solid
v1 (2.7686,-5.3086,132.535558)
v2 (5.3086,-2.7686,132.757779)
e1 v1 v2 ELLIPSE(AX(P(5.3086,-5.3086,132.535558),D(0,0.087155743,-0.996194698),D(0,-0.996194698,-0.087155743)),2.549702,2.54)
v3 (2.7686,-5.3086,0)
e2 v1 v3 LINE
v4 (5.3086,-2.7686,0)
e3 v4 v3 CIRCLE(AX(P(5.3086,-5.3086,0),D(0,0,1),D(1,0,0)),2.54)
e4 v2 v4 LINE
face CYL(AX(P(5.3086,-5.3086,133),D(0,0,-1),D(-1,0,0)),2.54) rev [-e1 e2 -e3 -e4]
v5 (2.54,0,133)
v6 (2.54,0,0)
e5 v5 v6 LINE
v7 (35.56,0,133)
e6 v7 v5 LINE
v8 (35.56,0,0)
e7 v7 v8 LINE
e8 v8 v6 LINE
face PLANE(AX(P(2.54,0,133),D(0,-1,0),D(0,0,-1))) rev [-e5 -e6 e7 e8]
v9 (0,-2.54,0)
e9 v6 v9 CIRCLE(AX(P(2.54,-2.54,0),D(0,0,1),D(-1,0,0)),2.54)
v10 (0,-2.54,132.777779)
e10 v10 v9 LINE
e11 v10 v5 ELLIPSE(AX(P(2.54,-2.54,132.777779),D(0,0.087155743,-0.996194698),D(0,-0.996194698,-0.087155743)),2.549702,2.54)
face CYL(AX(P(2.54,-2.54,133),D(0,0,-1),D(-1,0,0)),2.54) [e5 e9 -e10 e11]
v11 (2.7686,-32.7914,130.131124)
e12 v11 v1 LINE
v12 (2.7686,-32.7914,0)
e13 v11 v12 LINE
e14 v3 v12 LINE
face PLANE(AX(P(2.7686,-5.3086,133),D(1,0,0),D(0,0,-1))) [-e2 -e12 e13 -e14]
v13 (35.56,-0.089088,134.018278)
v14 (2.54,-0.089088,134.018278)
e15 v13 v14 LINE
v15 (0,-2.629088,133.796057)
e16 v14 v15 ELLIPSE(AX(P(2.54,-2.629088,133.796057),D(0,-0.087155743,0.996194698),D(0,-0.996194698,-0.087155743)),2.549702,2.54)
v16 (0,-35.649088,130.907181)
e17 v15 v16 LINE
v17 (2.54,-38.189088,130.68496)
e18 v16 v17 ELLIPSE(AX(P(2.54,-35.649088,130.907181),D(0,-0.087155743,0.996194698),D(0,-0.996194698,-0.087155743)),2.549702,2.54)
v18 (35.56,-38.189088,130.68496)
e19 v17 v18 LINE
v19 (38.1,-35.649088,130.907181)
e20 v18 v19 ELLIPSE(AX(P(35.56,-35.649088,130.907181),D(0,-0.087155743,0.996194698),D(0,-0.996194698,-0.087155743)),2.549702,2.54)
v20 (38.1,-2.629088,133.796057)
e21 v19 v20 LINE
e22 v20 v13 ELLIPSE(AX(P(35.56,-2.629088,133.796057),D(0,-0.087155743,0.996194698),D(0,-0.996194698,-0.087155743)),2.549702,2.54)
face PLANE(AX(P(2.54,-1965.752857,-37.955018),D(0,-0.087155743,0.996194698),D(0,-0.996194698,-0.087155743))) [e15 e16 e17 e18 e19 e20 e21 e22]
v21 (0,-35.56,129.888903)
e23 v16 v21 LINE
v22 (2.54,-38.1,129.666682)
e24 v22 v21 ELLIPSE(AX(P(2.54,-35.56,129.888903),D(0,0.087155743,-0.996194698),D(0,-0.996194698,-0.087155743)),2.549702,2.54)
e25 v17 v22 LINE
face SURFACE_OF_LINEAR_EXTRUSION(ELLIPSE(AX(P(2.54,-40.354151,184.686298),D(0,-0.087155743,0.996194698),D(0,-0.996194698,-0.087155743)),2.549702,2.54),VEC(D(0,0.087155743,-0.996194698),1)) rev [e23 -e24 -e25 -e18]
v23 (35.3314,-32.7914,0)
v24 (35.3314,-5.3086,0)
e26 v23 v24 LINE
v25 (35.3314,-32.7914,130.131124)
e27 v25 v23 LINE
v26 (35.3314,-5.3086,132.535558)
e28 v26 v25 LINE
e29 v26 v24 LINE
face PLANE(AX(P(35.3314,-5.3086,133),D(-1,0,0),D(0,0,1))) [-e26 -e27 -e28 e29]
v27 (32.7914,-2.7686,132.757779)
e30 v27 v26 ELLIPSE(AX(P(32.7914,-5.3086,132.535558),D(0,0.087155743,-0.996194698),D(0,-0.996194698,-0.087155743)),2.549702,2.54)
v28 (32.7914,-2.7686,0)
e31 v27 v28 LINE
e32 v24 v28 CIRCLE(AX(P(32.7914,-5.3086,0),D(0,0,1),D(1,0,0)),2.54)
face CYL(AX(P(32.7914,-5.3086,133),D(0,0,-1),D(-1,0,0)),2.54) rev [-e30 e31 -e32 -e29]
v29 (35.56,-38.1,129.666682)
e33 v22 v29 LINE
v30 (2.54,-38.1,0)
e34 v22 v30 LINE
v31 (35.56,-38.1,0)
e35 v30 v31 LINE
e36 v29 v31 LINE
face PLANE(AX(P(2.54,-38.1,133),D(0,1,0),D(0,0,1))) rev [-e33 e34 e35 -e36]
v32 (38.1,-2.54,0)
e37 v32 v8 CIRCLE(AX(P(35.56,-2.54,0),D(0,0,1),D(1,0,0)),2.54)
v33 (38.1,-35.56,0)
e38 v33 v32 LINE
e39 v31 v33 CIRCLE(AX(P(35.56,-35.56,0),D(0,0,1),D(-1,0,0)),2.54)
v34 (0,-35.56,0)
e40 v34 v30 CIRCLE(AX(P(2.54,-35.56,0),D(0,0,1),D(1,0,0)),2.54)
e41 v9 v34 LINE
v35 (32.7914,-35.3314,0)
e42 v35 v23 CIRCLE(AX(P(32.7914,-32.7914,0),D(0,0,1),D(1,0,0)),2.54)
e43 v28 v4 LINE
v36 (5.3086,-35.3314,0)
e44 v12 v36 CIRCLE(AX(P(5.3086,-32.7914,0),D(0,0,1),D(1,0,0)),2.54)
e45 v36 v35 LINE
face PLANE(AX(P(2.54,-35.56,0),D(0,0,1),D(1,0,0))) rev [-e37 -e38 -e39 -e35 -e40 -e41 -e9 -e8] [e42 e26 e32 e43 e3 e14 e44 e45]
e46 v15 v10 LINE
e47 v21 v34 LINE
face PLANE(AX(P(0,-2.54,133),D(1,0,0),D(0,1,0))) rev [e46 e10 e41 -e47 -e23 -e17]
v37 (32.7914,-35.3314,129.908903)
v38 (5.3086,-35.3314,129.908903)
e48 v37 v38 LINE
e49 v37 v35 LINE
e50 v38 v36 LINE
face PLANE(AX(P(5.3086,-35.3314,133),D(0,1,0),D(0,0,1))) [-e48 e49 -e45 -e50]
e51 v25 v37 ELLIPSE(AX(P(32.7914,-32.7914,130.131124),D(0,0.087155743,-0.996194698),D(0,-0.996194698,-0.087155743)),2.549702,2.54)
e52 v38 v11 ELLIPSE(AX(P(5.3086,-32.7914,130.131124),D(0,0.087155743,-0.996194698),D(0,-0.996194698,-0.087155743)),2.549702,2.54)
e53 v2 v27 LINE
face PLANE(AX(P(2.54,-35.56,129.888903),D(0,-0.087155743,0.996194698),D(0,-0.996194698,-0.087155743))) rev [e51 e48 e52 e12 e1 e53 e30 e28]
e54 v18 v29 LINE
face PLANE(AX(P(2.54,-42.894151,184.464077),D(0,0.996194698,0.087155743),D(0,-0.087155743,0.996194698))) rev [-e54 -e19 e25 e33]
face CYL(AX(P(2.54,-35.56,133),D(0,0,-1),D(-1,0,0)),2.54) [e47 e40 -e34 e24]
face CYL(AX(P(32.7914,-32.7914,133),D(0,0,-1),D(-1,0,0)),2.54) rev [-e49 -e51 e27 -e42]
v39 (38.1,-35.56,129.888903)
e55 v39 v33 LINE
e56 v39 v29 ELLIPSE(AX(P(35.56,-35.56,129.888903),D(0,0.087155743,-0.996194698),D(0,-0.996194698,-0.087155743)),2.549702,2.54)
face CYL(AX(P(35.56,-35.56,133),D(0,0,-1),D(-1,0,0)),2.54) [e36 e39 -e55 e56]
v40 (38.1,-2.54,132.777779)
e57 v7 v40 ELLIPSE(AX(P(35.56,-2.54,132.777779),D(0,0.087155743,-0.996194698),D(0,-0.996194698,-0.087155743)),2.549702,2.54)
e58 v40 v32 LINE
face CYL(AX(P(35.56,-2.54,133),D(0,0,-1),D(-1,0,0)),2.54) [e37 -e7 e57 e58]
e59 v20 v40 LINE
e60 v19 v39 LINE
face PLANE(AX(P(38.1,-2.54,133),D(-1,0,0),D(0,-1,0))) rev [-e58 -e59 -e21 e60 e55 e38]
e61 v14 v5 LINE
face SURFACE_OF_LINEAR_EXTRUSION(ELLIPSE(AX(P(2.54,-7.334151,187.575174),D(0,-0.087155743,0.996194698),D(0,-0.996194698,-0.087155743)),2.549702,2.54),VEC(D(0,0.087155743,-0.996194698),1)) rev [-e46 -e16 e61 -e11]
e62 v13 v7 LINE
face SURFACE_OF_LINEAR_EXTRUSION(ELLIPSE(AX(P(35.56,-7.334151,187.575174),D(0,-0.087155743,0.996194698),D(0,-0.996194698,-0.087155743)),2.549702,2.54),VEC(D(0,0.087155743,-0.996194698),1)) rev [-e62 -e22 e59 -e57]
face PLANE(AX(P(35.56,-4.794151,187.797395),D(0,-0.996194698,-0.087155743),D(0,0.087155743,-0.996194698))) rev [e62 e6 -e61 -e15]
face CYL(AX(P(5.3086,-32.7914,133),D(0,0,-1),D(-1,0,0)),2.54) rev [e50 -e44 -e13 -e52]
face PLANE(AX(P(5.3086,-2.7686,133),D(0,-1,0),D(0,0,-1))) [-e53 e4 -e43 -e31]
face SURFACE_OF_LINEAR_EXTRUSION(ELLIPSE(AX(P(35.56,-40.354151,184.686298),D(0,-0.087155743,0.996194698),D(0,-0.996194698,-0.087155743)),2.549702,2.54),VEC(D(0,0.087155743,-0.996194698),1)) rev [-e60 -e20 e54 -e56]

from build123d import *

# Parameters (mm, degrees)
BOSS_EXTRUDE1_DEPTH = 133
CUT_EXTRUDE1_DEPTH  = 144.49989547
BOSS_EXTRUDE2_DEPTH = 1.022167739


with BuildPart() as part:
    # Sketch1 → Boss-Extrude1 (new body)
    with BuildSketch(Plane.XY):
        with BuildLine():
            Line((2.54, 0), (35.56, 0))
            ThreePointArc((35.56, 0), (37.356051224, -0.743948776), (38.1, -2.54))
            Line((38.1, -2.54), (38.1, -35.56))
            ThreePointArc((38.1, -35.56), (37.356051224, -37.356051224), (35.56, -38.1))
            Line((35.56, -38.1), (2.54, -38.1))
            ThreePointArc((2.54, -38.1), (0.743948776, -37.356051224), (0, -35.56))
            Line((0, -35.56), (0, -2.54))
            ThreePointArc((0, -2.54), (0.743948776, -0.743948776), (2.54, 0))
        make_face()
        with BuildLine():
            Line((5.3086, -2.7686), (32.7914, -2.7686))
            ThreePointArc((32.7914, -2.7686), (34.587451224, -3.512548776), (35.3314, -5.3086))
            Line((35.3314, -5.3086), (35.3314, -32.7914))
            ThreePointArc((35.3314, -32.7914), (34.587451224, -34.587451224), (32.7914, -35.3314))
            Line((32.7914, -35.3314), (5.3086, -35.3314))
            ThreePointArc((5.3086, -35.3314), (3.512548776, -34.587451224), (2.7686, -32.7914))
            Line((2.7686, -32.7914), (2.7686, -5.3086))
            ThreePointArc((2.7686, -5.3086), (3.512548776, -3.512548776), (5.3086, -2.7686))
        make_face(mode=Mode.SUBTRACT)
    extrude(amount=BOSS_EXTRUDE1_DEPTH)

    # Sketch2 → Cut-Extrude1 (cut, through all)
    with BuildSketch(Plane(origin=(38.1, 0, 0), x_dir=(0, 0, -1), z_dir=(1, 0, 0))):
        Polygon((-133, 0), (-129.66668192, -38.1), (-133, -38.1), align=None)
    extrude(amount=-CUT_EXTRUDE1_DEPTH, mode=Mode.SUBTRACT)

    # Sketch3 → Boss-Extrude2 (add)
    with BuildSketch(Plane(origin=(0, -11.547603815, 131.989715575), x_dir=(1, 0, 0), z_dir=(0, -0.08715574274765185, 0.9961946980917462))):
        with BuildLine():
            Line((2.54, -26.653822025), (35.56, -26.653822025))
            add(Edge.make_bspline(
                [(35.56, -26.653822025), (38.1, -26.653822025), (38.1, -24.104119638)],
                knots=[0, 0, 0, 1.570796327, 1.570796327, 1.570796327], degree=2, weights=[1, 0.707106781, 1]))
            Line((38.1, -24.104119638), (38.1, 9.042011398))
            add(Edge.make_bspline(
                [(38.1, 9.042011398), (38.1, 11.591713785), (35.56, 11.591713785)],
                knots=[1.570796327, 1.570796327, 1.570796327, 3.141592654, 3.141592654, 3.141592654], degree=2, weights=[1, 0.707106781, 1]))
            Line((35.56, 11.591713785), (2.54, 11.591713785))
            add(Edge.make_bspline(
                [(2.54, 11.591713785), (0, 11.591713785), (0, 9.042011398)],
                knots=[0, 0, 0, 1.570796327, 1.570796327, 1.570796327], degree=2, weights=[1, 0.707106781, 1]))
            Line((0, 9.042011398), (0, -24.104119638))
            add(Edge.make_bspline(
                [(0, -24.104119638), (0, -26.653822025), (2.54, -26.653822025)],
                knots=[4.71238898, 4.71238898, 4.71238898, 6.283185307, 6.283185307, 6.283185307], degree=2, weights=[1, 0.707106781, 1]))
        make_face()
    extrude(amount=BOSS_EXTRUDE2_DEPTH)


solid = part.part
